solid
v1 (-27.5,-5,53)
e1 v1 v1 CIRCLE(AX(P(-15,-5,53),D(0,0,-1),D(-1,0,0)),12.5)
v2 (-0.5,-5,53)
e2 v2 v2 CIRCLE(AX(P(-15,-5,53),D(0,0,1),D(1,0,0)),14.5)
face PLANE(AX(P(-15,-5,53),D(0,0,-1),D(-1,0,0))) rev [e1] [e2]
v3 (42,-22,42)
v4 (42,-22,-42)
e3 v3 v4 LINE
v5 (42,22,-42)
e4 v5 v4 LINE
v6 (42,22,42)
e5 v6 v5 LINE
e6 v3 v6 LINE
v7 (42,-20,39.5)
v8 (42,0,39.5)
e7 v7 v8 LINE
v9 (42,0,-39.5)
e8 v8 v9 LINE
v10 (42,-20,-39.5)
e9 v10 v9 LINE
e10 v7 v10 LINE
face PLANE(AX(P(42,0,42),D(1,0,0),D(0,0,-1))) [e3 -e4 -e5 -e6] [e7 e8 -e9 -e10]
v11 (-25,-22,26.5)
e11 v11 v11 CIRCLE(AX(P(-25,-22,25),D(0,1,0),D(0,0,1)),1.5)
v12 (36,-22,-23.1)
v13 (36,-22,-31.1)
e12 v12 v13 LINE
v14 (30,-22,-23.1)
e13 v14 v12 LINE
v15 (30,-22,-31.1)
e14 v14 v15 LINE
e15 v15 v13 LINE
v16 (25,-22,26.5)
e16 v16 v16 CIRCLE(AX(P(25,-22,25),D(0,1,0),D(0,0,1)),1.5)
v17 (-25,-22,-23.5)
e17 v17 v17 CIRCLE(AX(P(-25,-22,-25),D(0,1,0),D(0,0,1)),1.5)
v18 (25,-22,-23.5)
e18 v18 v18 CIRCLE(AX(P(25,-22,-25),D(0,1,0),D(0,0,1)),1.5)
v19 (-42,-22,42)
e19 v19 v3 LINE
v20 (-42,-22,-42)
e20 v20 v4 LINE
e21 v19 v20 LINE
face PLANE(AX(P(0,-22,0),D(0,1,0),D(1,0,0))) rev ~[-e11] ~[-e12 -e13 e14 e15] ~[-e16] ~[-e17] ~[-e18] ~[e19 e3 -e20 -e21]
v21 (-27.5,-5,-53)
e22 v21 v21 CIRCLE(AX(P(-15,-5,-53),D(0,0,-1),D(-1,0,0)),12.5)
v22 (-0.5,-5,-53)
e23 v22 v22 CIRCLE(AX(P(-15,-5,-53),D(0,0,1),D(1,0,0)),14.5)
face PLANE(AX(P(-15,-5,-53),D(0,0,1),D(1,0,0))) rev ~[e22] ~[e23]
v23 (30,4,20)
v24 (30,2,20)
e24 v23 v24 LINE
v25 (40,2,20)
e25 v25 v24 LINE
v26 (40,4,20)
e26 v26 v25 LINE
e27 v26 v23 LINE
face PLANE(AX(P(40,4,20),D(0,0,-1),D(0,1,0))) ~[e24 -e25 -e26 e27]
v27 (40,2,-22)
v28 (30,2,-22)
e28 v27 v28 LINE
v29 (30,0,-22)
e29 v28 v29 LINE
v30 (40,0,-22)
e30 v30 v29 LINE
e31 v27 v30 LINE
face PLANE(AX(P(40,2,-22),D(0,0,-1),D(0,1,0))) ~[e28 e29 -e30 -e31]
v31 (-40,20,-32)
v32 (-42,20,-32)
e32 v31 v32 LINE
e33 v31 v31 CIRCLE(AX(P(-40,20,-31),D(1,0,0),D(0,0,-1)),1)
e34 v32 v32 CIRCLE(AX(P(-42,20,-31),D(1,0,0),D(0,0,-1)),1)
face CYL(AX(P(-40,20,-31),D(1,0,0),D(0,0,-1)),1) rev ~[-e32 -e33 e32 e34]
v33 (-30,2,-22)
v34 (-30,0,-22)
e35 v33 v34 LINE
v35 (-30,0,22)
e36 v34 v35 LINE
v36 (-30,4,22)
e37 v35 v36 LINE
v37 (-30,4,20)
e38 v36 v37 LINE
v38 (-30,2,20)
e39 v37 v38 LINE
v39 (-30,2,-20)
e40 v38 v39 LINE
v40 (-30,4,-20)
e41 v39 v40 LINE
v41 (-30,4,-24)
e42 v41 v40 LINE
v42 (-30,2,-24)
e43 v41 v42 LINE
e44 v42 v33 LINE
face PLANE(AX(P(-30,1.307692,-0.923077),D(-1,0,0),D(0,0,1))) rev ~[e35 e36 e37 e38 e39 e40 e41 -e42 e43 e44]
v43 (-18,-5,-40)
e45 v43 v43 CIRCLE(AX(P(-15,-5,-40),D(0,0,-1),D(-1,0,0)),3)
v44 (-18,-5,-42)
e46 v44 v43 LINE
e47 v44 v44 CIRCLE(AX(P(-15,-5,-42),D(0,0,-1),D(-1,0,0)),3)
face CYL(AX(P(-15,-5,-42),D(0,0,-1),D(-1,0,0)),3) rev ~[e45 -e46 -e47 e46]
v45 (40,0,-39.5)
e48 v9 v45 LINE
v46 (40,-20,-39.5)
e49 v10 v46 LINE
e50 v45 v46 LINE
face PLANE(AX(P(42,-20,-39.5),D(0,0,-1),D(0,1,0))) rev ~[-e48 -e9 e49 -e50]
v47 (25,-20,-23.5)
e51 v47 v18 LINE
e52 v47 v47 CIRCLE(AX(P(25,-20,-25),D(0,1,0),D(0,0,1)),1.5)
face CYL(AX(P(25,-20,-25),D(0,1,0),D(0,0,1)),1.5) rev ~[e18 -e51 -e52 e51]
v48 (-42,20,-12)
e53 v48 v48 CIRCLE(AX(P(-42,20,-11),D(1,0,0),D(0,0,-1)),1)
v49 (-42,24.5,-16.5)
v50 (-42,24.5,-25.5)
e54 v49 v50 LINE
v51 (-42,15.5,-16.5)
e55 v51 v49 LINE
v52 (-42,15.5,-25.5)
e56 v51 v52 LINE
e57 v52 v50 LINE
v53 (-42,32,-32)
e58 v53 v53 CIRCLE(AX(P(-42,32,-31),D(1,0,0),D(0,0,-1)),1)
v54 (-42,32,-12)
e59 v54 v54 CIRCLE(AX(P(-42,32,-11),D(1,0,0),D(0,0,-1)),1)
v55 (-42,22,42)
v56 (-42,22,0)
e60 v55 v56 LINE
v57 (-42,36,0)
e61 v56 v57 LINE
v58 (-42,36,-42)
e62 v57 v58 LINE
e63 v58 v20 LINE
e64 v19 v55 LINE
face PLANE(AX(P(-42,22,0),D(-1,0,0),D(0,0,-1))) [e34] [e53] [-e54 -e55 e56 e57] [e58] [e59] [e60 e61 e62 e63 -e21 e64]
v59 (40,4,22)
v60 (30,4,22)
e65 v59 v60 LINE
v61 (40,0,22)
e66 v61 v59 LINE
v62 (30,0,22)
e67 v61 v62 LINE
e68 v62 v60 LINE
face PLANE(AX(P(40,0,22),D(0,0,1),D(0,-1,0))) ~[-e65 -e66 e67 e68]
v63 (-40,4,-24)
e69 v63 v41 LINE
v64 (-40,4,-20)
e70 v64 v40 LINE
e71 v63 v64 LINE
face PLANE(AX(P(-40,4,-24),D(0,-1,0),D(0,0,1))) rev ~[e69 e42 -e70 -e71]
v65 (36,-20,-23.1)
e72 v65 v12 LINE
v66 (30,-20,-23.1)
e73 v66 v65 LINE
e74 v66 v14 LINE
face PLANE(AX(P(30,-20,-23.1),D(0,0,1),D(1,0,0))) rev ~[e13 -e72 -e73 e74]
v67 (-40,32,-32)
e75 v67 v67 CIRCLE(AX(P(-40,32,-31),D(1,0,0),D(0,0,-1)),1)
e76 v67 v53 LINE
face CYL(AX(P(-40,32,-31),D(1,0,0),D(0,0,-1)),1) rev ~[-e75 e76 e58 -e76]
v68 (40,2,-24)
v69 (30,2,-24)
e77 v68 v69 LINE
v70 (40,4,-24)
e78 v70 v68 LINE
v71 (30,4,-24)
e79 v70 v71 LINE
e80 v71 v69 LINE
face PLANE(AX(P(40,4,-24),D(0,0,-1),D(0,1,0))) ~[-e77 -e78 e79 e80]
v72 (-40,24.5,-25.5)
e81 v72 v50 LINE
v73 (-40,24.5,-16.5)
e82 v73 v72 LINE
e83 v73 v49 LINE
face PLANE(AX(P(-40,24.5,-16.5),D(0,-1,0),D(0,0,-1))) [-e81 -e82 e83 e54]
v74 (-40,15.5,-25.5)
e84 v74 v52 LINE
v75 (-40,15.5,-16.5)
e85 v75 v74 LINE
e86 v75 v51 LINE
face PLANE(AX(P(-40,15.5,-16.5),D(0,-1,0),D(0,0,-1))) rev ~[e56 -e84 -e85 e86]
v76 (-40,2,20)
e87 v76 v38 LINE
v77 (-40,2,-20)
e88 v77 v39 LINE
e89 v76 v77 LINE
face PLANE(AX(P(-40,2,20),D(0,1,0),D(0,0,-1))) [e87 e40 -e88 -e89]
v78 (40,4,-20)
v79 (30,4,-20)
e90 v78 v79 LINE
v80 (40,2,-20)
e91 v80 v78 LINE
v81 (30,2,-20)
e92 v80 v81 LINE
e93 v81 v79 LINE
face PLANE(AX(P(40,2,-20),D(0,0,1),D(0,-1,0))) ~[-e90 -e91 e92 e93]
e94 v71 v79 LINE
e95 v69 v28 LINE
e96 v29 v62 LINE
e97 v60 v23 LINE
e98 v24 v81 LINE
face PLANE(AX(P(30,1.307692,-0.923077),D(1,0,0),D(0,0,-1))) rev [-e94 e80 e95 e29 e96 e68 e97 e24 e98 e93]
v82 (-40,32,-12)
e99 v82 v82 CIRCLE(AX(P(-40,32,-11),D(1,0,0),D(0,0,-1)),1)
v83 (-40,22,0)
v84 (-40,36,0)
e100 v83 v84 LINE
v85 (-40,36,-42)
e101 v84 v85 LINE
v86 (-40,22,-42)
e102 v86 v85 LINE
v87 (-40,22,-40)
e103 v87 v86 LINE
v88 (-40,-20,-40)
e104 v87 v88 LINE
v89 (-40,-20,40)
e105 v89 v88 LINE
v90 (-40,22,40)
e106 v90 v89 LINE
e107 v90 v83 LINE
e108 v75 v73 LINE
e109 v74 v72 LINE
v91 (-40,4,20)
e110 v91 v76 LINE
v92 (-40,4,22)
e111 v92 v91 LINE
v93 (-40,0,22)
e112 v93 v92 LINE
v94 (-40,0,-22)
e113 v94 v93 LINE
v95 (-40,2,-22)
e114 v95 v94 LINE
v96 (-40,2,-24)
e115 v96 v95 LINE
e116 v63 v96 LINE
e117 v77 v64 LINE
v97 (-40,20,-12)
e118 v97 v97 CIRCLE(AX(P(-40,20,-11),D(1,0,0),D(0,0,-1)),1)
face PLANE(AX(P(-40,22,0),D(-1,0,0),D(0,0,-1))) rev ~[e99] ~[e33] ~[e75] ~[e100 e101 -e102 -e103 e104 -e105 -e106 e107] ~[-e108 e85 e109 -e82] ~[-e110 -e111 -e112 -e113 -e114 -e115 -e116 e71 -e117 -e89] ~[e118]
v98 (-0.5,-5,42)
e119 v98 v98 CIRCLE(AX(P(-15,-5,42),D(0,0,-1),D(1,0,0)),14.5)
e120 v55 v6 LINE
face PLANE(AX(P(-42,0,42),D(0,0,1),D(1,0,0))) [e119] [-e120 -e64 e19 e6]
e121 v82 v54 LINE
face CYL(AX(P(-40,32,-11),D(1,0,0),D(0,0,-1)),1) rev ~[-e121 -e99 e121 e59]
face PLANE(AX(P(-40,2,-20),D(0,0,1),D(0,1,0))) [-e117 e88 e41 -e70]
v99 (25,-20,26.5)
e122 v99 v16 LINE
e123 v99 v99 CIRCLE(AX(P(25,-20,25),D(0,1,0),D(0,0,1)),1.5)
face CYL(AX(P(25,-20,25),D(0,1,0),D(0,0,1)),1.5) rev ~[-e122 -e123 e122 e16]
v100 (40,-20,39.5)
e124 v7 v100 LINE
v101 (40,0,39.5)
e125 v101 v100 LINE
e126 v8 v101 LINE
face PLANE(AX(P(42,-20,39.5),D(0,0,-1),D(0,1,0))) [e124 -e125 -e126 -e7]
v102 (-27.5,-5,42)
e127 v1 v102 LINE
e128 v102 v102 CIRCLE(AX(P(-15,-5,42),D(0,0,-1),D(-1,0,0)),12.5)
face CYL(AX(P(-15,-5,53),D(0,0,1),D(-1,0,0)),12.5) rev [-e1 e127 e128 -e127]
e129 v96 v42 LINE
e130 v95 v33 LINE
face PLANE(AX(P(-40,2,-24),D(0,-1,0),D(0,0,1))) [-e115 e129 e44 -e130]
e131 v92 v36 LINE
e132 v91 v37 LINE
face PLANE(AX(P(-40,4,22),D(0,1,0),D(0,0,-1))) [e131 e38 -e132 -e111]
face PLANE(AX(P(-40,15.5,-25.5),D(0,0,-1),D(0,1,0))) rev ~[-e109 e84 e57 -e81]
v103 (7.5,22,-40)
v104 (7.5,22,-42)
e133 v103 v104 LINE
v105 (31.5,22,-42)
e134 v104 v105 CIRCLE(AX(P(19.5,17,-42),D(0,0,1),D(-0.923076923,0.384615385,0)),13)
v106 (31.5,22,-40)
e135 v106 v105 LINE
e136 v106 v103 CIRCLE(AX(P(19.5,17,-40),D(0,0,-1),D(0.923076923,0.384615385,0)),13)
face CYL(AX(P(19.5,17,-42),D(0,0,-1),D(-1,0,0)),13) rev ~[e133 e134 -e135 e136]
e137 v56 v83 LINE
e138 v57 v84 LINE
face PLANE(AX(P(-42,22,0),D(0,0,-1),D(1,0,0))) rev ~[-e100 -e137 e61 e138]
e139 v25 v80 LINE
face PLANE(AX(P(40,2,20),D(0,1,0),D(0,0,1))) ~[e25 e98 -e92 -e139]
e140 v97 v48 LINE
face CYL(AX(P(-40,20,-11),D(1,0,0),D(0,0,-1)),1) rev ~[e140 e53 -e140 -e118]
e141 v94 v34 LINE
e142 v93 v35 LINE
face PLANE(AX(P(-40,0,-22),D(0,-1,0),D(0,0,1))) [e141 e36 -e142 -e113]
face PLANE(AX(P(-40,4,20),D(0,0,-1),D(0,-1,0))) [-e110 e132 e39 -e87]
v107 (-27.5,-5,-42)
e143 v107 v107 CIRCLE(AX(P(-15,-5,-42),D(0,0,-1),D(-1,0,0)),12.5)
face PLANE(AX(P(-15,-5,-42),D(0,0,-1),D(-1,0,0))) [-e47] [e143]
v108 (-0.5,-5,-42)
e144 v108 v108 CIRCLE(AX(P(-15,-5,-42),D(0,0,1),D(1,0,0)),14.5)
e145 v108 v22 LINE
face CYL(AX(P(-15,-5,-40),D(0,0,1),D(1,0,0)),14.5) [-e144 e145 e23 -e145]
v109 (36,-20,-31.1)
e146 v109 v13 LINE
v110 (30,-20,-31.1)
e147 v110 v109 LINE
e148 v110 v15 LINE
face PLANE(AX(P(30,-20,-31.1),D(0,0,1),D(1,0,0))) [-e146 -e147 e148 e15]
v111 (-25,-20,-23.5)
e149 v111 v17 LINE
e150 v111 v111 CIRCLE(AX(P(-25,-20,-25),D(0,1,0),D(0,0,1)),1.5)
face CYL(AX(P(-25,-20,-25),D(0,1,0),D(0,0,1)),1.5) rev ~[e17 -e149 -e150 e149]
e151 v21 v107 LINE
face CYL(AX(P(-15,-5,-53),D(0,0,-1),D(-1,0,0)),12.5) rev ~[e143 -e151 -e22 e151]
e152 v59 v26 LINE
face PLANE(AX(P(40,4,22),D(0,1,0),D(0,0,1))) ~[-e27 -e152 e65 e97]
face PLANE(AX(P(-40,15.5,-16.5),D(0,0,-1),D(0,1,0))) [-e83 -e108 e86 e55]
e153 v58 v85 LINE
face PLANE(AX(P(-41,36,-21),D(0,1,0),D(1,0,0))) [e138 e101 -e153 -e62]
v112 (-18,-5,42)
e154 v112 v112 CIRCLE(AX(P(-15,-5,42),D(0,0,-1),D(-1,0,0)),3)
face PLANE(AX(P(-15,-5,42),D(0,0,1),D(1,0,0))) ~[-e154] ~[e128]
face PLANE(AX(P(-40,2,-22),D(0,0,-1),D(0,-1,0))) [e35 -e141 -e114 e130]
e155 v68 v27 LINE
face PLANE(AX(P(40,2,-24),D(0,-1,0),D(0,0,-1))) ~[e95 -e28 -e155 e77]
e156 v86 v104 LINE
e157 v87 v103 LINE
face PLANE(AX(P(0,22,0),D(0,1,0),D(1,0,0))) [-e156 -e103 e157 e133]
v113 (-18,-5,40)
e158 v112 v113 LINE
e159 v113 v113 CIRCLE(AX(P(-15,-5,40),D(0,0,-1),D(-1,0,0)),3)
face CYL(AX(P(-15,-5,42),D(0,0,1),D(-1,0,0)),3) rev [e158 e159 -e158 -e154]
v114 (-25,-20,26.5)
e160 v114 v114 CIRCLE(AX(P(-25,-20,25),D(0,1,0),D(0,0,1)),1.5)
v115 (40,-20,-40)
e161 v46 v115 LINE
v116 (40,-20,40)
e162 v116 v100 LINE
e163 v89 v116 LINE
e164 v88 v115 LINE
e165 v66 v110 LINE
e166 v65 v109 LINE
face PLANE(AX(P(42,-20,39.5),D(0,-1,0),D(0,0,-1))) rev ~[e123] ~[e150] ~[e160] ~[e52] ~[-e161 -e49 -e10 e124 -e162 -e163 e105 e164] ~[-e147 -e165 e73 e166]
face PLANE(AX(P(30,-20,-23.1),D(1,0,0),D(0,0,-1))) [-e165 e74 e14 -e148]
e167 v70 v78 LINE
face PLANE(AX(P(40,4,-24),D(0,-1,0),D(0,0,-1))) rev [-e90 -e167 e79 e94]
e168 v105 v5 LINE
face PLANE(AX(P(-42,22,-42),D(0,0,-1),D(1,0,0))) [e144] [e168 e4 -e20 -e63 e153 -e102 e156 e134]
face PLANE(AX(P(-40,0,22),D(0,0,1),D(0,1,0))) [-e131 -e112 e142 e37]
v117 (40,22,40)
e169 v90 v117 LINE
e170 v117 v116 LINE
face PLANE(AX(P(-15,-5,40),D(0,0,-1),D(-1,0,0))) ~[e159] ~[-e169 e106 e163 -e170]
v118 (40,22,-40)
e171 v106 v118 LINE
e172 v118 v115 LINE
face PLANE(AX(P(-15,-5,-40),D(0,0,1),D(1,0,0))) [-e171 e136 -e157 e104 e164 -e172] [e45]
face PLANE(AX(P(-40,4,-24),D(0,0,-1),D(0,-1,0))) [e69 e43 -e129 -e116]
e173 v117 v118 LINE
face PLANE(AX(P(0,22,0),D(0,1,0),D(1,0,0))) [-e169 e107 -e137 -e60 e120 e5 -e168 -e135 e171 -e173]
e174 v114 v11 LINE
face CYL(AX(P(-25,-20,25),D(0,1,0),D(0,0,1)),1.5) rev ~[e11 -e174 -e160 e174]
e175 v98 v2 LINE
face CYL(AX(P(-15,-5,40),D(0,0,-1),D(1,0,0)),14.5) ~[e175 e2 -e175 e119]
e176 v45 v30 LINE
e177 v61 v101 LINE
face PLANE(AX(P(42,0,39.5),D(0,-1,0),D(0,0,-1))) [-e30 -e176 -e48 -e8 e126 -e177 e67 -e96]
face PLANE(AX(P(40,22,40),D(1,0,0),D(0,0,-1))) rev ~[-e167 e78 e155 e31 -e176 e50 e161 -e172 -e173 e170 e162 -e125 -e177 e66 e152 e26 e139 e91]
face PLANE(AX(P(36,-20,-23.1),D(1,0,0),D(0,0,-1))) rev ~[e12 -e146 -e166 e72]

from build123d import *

# Parameters (mm, degrees)
SKETCH1_W           = 84
SKETCH1_H           = 84
BOSS_EXTRUDE1_DEPTH = 22
SKETCH2_W           = 80
SKETCH2_H           = 80
CUT_EXTRUDE1_DEPTH  = 42
SKETCH3_W           = 6
SKETCH3_H           = 8
CUT_EXTRUDE2_DEPTH  = 73.746133918
CUT_EXTRUDE3_REACH  = 98.457
SKETCH5_W           = 79
SKETCH5_H           = 20
BOSS_EXTRUDE2_DEPTH = 10
CUT_EXTRUDE4_REACH  = 98.457
SKETCH6_R           = 13
SKETCH8_W           = 2
SKETCH8_H           = 42
BOSS_EXTRUDE3_DEPTH = 14
CUT_EXTRUDE6_REACH  = 100.914
SKETCH7_R           = 1
SKETCH7_W           = 9
SKETCH7_H           = 9
SKETCH9_R           = 1.5
CUT_EXTRUDE7_DEPTH  = 82.633326528
SKETCH14_R          = 14.5
BOSS_EXTRUDE4_DEPTH = 13
SKETCH15_R          = 12.5
CUT_EXTRUDE8_DEPTH  = 11
CUT_EXTRUDE9_REACH  = 102.578
SKETCH16_R          = 3


with BuildPart() as part:
    # Sketch1 → Boss-Extrude1 (new, symmetric)
    with BuildSketch(Plane(origin=(0, 0, 0), x_dir=(1, 0, 0), z_dir=(0, 1, 0))):
        Rectangle(SKETCH1_W, SKETCH1_H)
    extrude(amount=BOSS_EXTRUDE1_DEPTH, both=True)

    # Sketch2 → Cut-Extrude1 (cut)
    with BuildSketch(Plane(origin=(0, 22, 0), x_dir=(1, 0, 0), z_dir=(0, 1, 0))):
        Rectangle(SKETCH2_W, SKETCH2_H)
    extrude(amount=-CUT_EXTRUDE1_DEPTH, mode=Mode.SUBTRACT)

    # Sketch3 → Cut-Extrude2 (cut, through all)
    with BuildSketch(Plane(origin=(0, -20, 0), x_dir=(1, 0, 0), z_dir=(0, 1, 0))):
        with Locations((33, 27.1)):
            Rectangle(SKETCH3_W, SKETCH3_H)
    extrude(amount=-CUT_EXTRUDE2_DEPTH, mode=Mode.SUBTRACT)

    # Sketch5 → Cut-Extrude3 (cut, up to next)
    with BuildSketch(Plane(origin=(42, 0, 0), x_dir=(0, 0, -1), z_dir=(1, 0, 0)), mode=Mode.PRIVATE) as cut_extrude3_sk1:
        with Locations((0, -10)):
            Rectangle(SKETCH5_W, SKETCH5_H)
    cut_extrude3_tool1 = extrude(cut_extrude3_sk1.sketch, amount=-CUT_EXTRUDE3_REACH, mode=Mode.PRIVATE) & part.part
    add(cut_extrude3_tool1.solids().sort_by_distance((42, -10, 0))[0], mode=Mode.SUBTRACT)

    # Sketch4 → Boss-Extrude2 (add)
    with BuildSketch(Plane(origin=(-40, 0, 0), x_dir=(0, 0, -1), z_dir=(1, 0, 0))):
        Polygon((-22, 4), (-20, 4), (-20, 2), (20, 2), (20, 4), (22, 4), (24, 4), (24, 2), (22, 2), (22, 0), (-22, 0), align=None)
    boss_extrude2 = extrude(amount=BOSS_EXTRUDE2_DEPTH)

    # Mirror1: Boss-Extrude2 across plane
    add(boss_extrude2.mirror(Plane(origin=(0, 0, 0), x_dir=(0, 0, 1), z_dir=(1, 0, 0))))

    # Sketch6 → Cut-Extrude4 (cut, up to next)
    with BuildSketch(Plane(origin=(0, 0, -42), x_dir=(-1, 0, 0), z_dir=(0, 0, -1)), mode=Mode.PRIVATE) as cut_extrude4_sk1:
        with Locations((-19.5, 17)):
            Circle(SKETCH6_R)
    cut_extrude4_tool1 = extrude(cut_extrude4_sk1.sketch, amount=-CUT_EXTRUDE4_REACH, mode=Mode.PRIVATE) & part.part
    add(cut_extrude4_tool1.solids().sort_by_distance((19.5, 17, -42))[0], mode=Mode.SUBTRACT)

    # Sketch8 → Boss-Extrude3 (add)
    with BuildSketch(Plane(origin=(0, 22, 0), x_dir=(1, 0, 0), z_dir=(0, 1, 0))):
        with Locations((-41, 21)):
            Rectangle(SKETCH8_W, SKETCH8_H)
    extrude(amount=BOSS_EXTRUDE3_DEPTH)

    # Sketch7 → Cut-Extrude6 (cut, up to next)
    with BuildSketch(Plane(origin=(-40, 0, 0), x_dir=(0, 0, -1), z_dir=(1, 0, 0)), mode=Mode.PRIVATE) as cut_extrude6_sk1:
        with Locations((31, 32)):
            Circle(SKETCH7_R)
    cut_extrude6_tool1 = extrude(cut_extrude6_sk1.sketch, amount=-CUT_EXTRUDE6_REACH, mode=Mode.PRIVATE) & part.part
    # Sketch7 → Cut-Extrude6 (cut, up to next)
    with BuildSketch(Plane(origin=(-40, 0, 0), x_dir=(0, 0, -1), z_dir=(1, 0, 0)), mode=Mode.PRIVATE) as cut_extrude6_sk2:
        with Locations((31, 20)):
            Circle(SKETCH7_R)
    cut_extrude6_tool2 = extrude(cut_extrude6_sk2.sketch, amount=-CUT_EXTRUDE6_REACH, mode=Mode.PRIVATE) & part.part
    # Sketch7 → Cut-Extrude6 (cut, up to next)
    with BuildSketch(Plane(origin=(-40, 0, 0), x_dir=(0, 0, -1), z_dir=(1, 0, 0)), mode=Mode.PRIVATE) as cut_extrude6_sk3:
        with Locations((11, 20)):
            Circle(SKETCH7_R)
    cut_extrude6_tool3 = extrude(cut_extrude6_sk3.sketch, amount=-CUT_EXTRUDE6_REACH, mode=Mode.PRIVATE) & part.part
    # Sketch7 → Cut-Extrude6 (cut, up to next)
    with BuildSketch(Plane(origin=(-40, 0, 0), x_dir=(0, 0, -1), z_dir=(1, 0, 0)), mode=Mode.PRIVATE) as cut_extrude6_sk4:
        with Locations((11, 32)):
            Circle(SKETCH7_R)
    cut_extrude6_tool4 = extrude(cut_extrude6_sk4.sketch, amount=-CUT_EXTRUDE6_REACH, mode=Mode.PRIVATE) & part.part
    # Sketch7 → Cut-Extrude6 (cut, up to next)
    with BuildSketch(Plane(origin=(-40, 0, 0), x_dir=(0, 0, -1), z_dir=(1, 0, 0)), mode=Mode.PRIVATE) as cut_extrude6_sk5:
        with Locations((21, 20)):
            Rectangle(SKETCH7_W, SKETCH7_H)
    cut_extrude6_tool5 = extrude(cut_extrude6_sk5.sketch, amount=-CUT_EXTRUDE6_REACH, mode=Mode.PRIVATE) & part.part
    add(cut_extrude6_tool1.solids().sort_by_distance((-40, 32, -31))[0], mode=Mode.SUBTRACT)
    add(cut_extrude6_tool2.solids().sort_by_distance((-40, 20, -31))[0], mode=Mode.SUBTRACT)
    add(cut_extrude6_tool3.solids().sort_by_distance((-40, 20, -11))[0], mode=Mode.SUBTRACT)
    add(cut_extrude6_tool4.solids().sort_by_distance((-40, 32, -11))[0], mode=Mode.SUBTRACT)
    add(cut_extrude6_tool5.solids().sort_by_distance((-40, 20, -21))[0], mode=Mode.SUBTRACT)

    # Sketch9 → Cut-Extrude7 (cut, through all)
    with BuildSketch(Plane(origin=(0, -20, 0), x_dir=(1, 0, 0), z_dir=(0, 1, 0))):
        with Locations(Location((-25, 25, 0), (0, 0, 270))):
            Circle(SKETCH9_R)
        with Locations(Location((25, 25, 0), (0, 0, 270))):
            Circle(SKETCH9_R)
        with Locations(Location((25, -25, 0), (0, 0, 270))):
            Circle(SKETCH9_R)
        with Locations(Location((-25, -25, 0), (0, 0, 270))):
            Circle(SKETCH9_R)
    extrude(amount=-CUT_EXTRUDE7_DEPTH, mode=Mode.SUBTRACT)

    # Sketch14 → Boss-Extrude4 (add)
    with BuildSketch(Plane.XY.offset(-40)):
        with Locations((-15, -5)):
            Circle(SKETCH14_R)
    boss_extrude4 = extrude(amount=-BOSS_EXTRUDE4_DEPTH)

    # Sketch15 → Cut-Extrude8 (cut)
    with BuildSketch(Plane(origin=(0, 0, -53), x_dir=(-1, 0, 0), z_dir=(0, 0, -1))):
        with Locations((15, -5)):
            Circle(SKETCH15_R)
    cut_extrude8 = extrude(amount=-CUT_EXTRUDE8_DEPTH, mode=Mode.SUBTRACT)

    # Sketch16 → Cut-Extrude9 (cut, up to next)
    with BuildSketch(Plane(origin=(0, 0, -42), x_dir=(-1, 0, 0), z_dir=(0, 0, -1)), mode=Mode.PRIVATE) as cut_extrude9_sk1:
        with Locations((15, -5)):
            Circle(SKETCH16_R)
    cut_extrude9_tool1 = extrude(cut_extrude9_sk1.sketch, amount=-CUT_EXTRUDE9_REACH, mode=Mode.PRIVATE) & part.part
    cut_extrude9 = cut_extrude9_tool1.solids().sort_by_distance((-15, -5, -42))[0]
    add(cut_extrude9, mode=Mode.SUBTRACT)

    # Mirror2: Boss-Extrude4, Cut-Extrude8, Cut-Extrude9 across plane
    add(boss_extrude4.mirror(Plane.XY))
    add(cut_extrude8.mirror(Plane.XY), mode=Mode.SUBTRACT)
    add(cut_extrude9.mirror(Plane.XY), mode=Mode.SUBTRACT)


solid = part.part
